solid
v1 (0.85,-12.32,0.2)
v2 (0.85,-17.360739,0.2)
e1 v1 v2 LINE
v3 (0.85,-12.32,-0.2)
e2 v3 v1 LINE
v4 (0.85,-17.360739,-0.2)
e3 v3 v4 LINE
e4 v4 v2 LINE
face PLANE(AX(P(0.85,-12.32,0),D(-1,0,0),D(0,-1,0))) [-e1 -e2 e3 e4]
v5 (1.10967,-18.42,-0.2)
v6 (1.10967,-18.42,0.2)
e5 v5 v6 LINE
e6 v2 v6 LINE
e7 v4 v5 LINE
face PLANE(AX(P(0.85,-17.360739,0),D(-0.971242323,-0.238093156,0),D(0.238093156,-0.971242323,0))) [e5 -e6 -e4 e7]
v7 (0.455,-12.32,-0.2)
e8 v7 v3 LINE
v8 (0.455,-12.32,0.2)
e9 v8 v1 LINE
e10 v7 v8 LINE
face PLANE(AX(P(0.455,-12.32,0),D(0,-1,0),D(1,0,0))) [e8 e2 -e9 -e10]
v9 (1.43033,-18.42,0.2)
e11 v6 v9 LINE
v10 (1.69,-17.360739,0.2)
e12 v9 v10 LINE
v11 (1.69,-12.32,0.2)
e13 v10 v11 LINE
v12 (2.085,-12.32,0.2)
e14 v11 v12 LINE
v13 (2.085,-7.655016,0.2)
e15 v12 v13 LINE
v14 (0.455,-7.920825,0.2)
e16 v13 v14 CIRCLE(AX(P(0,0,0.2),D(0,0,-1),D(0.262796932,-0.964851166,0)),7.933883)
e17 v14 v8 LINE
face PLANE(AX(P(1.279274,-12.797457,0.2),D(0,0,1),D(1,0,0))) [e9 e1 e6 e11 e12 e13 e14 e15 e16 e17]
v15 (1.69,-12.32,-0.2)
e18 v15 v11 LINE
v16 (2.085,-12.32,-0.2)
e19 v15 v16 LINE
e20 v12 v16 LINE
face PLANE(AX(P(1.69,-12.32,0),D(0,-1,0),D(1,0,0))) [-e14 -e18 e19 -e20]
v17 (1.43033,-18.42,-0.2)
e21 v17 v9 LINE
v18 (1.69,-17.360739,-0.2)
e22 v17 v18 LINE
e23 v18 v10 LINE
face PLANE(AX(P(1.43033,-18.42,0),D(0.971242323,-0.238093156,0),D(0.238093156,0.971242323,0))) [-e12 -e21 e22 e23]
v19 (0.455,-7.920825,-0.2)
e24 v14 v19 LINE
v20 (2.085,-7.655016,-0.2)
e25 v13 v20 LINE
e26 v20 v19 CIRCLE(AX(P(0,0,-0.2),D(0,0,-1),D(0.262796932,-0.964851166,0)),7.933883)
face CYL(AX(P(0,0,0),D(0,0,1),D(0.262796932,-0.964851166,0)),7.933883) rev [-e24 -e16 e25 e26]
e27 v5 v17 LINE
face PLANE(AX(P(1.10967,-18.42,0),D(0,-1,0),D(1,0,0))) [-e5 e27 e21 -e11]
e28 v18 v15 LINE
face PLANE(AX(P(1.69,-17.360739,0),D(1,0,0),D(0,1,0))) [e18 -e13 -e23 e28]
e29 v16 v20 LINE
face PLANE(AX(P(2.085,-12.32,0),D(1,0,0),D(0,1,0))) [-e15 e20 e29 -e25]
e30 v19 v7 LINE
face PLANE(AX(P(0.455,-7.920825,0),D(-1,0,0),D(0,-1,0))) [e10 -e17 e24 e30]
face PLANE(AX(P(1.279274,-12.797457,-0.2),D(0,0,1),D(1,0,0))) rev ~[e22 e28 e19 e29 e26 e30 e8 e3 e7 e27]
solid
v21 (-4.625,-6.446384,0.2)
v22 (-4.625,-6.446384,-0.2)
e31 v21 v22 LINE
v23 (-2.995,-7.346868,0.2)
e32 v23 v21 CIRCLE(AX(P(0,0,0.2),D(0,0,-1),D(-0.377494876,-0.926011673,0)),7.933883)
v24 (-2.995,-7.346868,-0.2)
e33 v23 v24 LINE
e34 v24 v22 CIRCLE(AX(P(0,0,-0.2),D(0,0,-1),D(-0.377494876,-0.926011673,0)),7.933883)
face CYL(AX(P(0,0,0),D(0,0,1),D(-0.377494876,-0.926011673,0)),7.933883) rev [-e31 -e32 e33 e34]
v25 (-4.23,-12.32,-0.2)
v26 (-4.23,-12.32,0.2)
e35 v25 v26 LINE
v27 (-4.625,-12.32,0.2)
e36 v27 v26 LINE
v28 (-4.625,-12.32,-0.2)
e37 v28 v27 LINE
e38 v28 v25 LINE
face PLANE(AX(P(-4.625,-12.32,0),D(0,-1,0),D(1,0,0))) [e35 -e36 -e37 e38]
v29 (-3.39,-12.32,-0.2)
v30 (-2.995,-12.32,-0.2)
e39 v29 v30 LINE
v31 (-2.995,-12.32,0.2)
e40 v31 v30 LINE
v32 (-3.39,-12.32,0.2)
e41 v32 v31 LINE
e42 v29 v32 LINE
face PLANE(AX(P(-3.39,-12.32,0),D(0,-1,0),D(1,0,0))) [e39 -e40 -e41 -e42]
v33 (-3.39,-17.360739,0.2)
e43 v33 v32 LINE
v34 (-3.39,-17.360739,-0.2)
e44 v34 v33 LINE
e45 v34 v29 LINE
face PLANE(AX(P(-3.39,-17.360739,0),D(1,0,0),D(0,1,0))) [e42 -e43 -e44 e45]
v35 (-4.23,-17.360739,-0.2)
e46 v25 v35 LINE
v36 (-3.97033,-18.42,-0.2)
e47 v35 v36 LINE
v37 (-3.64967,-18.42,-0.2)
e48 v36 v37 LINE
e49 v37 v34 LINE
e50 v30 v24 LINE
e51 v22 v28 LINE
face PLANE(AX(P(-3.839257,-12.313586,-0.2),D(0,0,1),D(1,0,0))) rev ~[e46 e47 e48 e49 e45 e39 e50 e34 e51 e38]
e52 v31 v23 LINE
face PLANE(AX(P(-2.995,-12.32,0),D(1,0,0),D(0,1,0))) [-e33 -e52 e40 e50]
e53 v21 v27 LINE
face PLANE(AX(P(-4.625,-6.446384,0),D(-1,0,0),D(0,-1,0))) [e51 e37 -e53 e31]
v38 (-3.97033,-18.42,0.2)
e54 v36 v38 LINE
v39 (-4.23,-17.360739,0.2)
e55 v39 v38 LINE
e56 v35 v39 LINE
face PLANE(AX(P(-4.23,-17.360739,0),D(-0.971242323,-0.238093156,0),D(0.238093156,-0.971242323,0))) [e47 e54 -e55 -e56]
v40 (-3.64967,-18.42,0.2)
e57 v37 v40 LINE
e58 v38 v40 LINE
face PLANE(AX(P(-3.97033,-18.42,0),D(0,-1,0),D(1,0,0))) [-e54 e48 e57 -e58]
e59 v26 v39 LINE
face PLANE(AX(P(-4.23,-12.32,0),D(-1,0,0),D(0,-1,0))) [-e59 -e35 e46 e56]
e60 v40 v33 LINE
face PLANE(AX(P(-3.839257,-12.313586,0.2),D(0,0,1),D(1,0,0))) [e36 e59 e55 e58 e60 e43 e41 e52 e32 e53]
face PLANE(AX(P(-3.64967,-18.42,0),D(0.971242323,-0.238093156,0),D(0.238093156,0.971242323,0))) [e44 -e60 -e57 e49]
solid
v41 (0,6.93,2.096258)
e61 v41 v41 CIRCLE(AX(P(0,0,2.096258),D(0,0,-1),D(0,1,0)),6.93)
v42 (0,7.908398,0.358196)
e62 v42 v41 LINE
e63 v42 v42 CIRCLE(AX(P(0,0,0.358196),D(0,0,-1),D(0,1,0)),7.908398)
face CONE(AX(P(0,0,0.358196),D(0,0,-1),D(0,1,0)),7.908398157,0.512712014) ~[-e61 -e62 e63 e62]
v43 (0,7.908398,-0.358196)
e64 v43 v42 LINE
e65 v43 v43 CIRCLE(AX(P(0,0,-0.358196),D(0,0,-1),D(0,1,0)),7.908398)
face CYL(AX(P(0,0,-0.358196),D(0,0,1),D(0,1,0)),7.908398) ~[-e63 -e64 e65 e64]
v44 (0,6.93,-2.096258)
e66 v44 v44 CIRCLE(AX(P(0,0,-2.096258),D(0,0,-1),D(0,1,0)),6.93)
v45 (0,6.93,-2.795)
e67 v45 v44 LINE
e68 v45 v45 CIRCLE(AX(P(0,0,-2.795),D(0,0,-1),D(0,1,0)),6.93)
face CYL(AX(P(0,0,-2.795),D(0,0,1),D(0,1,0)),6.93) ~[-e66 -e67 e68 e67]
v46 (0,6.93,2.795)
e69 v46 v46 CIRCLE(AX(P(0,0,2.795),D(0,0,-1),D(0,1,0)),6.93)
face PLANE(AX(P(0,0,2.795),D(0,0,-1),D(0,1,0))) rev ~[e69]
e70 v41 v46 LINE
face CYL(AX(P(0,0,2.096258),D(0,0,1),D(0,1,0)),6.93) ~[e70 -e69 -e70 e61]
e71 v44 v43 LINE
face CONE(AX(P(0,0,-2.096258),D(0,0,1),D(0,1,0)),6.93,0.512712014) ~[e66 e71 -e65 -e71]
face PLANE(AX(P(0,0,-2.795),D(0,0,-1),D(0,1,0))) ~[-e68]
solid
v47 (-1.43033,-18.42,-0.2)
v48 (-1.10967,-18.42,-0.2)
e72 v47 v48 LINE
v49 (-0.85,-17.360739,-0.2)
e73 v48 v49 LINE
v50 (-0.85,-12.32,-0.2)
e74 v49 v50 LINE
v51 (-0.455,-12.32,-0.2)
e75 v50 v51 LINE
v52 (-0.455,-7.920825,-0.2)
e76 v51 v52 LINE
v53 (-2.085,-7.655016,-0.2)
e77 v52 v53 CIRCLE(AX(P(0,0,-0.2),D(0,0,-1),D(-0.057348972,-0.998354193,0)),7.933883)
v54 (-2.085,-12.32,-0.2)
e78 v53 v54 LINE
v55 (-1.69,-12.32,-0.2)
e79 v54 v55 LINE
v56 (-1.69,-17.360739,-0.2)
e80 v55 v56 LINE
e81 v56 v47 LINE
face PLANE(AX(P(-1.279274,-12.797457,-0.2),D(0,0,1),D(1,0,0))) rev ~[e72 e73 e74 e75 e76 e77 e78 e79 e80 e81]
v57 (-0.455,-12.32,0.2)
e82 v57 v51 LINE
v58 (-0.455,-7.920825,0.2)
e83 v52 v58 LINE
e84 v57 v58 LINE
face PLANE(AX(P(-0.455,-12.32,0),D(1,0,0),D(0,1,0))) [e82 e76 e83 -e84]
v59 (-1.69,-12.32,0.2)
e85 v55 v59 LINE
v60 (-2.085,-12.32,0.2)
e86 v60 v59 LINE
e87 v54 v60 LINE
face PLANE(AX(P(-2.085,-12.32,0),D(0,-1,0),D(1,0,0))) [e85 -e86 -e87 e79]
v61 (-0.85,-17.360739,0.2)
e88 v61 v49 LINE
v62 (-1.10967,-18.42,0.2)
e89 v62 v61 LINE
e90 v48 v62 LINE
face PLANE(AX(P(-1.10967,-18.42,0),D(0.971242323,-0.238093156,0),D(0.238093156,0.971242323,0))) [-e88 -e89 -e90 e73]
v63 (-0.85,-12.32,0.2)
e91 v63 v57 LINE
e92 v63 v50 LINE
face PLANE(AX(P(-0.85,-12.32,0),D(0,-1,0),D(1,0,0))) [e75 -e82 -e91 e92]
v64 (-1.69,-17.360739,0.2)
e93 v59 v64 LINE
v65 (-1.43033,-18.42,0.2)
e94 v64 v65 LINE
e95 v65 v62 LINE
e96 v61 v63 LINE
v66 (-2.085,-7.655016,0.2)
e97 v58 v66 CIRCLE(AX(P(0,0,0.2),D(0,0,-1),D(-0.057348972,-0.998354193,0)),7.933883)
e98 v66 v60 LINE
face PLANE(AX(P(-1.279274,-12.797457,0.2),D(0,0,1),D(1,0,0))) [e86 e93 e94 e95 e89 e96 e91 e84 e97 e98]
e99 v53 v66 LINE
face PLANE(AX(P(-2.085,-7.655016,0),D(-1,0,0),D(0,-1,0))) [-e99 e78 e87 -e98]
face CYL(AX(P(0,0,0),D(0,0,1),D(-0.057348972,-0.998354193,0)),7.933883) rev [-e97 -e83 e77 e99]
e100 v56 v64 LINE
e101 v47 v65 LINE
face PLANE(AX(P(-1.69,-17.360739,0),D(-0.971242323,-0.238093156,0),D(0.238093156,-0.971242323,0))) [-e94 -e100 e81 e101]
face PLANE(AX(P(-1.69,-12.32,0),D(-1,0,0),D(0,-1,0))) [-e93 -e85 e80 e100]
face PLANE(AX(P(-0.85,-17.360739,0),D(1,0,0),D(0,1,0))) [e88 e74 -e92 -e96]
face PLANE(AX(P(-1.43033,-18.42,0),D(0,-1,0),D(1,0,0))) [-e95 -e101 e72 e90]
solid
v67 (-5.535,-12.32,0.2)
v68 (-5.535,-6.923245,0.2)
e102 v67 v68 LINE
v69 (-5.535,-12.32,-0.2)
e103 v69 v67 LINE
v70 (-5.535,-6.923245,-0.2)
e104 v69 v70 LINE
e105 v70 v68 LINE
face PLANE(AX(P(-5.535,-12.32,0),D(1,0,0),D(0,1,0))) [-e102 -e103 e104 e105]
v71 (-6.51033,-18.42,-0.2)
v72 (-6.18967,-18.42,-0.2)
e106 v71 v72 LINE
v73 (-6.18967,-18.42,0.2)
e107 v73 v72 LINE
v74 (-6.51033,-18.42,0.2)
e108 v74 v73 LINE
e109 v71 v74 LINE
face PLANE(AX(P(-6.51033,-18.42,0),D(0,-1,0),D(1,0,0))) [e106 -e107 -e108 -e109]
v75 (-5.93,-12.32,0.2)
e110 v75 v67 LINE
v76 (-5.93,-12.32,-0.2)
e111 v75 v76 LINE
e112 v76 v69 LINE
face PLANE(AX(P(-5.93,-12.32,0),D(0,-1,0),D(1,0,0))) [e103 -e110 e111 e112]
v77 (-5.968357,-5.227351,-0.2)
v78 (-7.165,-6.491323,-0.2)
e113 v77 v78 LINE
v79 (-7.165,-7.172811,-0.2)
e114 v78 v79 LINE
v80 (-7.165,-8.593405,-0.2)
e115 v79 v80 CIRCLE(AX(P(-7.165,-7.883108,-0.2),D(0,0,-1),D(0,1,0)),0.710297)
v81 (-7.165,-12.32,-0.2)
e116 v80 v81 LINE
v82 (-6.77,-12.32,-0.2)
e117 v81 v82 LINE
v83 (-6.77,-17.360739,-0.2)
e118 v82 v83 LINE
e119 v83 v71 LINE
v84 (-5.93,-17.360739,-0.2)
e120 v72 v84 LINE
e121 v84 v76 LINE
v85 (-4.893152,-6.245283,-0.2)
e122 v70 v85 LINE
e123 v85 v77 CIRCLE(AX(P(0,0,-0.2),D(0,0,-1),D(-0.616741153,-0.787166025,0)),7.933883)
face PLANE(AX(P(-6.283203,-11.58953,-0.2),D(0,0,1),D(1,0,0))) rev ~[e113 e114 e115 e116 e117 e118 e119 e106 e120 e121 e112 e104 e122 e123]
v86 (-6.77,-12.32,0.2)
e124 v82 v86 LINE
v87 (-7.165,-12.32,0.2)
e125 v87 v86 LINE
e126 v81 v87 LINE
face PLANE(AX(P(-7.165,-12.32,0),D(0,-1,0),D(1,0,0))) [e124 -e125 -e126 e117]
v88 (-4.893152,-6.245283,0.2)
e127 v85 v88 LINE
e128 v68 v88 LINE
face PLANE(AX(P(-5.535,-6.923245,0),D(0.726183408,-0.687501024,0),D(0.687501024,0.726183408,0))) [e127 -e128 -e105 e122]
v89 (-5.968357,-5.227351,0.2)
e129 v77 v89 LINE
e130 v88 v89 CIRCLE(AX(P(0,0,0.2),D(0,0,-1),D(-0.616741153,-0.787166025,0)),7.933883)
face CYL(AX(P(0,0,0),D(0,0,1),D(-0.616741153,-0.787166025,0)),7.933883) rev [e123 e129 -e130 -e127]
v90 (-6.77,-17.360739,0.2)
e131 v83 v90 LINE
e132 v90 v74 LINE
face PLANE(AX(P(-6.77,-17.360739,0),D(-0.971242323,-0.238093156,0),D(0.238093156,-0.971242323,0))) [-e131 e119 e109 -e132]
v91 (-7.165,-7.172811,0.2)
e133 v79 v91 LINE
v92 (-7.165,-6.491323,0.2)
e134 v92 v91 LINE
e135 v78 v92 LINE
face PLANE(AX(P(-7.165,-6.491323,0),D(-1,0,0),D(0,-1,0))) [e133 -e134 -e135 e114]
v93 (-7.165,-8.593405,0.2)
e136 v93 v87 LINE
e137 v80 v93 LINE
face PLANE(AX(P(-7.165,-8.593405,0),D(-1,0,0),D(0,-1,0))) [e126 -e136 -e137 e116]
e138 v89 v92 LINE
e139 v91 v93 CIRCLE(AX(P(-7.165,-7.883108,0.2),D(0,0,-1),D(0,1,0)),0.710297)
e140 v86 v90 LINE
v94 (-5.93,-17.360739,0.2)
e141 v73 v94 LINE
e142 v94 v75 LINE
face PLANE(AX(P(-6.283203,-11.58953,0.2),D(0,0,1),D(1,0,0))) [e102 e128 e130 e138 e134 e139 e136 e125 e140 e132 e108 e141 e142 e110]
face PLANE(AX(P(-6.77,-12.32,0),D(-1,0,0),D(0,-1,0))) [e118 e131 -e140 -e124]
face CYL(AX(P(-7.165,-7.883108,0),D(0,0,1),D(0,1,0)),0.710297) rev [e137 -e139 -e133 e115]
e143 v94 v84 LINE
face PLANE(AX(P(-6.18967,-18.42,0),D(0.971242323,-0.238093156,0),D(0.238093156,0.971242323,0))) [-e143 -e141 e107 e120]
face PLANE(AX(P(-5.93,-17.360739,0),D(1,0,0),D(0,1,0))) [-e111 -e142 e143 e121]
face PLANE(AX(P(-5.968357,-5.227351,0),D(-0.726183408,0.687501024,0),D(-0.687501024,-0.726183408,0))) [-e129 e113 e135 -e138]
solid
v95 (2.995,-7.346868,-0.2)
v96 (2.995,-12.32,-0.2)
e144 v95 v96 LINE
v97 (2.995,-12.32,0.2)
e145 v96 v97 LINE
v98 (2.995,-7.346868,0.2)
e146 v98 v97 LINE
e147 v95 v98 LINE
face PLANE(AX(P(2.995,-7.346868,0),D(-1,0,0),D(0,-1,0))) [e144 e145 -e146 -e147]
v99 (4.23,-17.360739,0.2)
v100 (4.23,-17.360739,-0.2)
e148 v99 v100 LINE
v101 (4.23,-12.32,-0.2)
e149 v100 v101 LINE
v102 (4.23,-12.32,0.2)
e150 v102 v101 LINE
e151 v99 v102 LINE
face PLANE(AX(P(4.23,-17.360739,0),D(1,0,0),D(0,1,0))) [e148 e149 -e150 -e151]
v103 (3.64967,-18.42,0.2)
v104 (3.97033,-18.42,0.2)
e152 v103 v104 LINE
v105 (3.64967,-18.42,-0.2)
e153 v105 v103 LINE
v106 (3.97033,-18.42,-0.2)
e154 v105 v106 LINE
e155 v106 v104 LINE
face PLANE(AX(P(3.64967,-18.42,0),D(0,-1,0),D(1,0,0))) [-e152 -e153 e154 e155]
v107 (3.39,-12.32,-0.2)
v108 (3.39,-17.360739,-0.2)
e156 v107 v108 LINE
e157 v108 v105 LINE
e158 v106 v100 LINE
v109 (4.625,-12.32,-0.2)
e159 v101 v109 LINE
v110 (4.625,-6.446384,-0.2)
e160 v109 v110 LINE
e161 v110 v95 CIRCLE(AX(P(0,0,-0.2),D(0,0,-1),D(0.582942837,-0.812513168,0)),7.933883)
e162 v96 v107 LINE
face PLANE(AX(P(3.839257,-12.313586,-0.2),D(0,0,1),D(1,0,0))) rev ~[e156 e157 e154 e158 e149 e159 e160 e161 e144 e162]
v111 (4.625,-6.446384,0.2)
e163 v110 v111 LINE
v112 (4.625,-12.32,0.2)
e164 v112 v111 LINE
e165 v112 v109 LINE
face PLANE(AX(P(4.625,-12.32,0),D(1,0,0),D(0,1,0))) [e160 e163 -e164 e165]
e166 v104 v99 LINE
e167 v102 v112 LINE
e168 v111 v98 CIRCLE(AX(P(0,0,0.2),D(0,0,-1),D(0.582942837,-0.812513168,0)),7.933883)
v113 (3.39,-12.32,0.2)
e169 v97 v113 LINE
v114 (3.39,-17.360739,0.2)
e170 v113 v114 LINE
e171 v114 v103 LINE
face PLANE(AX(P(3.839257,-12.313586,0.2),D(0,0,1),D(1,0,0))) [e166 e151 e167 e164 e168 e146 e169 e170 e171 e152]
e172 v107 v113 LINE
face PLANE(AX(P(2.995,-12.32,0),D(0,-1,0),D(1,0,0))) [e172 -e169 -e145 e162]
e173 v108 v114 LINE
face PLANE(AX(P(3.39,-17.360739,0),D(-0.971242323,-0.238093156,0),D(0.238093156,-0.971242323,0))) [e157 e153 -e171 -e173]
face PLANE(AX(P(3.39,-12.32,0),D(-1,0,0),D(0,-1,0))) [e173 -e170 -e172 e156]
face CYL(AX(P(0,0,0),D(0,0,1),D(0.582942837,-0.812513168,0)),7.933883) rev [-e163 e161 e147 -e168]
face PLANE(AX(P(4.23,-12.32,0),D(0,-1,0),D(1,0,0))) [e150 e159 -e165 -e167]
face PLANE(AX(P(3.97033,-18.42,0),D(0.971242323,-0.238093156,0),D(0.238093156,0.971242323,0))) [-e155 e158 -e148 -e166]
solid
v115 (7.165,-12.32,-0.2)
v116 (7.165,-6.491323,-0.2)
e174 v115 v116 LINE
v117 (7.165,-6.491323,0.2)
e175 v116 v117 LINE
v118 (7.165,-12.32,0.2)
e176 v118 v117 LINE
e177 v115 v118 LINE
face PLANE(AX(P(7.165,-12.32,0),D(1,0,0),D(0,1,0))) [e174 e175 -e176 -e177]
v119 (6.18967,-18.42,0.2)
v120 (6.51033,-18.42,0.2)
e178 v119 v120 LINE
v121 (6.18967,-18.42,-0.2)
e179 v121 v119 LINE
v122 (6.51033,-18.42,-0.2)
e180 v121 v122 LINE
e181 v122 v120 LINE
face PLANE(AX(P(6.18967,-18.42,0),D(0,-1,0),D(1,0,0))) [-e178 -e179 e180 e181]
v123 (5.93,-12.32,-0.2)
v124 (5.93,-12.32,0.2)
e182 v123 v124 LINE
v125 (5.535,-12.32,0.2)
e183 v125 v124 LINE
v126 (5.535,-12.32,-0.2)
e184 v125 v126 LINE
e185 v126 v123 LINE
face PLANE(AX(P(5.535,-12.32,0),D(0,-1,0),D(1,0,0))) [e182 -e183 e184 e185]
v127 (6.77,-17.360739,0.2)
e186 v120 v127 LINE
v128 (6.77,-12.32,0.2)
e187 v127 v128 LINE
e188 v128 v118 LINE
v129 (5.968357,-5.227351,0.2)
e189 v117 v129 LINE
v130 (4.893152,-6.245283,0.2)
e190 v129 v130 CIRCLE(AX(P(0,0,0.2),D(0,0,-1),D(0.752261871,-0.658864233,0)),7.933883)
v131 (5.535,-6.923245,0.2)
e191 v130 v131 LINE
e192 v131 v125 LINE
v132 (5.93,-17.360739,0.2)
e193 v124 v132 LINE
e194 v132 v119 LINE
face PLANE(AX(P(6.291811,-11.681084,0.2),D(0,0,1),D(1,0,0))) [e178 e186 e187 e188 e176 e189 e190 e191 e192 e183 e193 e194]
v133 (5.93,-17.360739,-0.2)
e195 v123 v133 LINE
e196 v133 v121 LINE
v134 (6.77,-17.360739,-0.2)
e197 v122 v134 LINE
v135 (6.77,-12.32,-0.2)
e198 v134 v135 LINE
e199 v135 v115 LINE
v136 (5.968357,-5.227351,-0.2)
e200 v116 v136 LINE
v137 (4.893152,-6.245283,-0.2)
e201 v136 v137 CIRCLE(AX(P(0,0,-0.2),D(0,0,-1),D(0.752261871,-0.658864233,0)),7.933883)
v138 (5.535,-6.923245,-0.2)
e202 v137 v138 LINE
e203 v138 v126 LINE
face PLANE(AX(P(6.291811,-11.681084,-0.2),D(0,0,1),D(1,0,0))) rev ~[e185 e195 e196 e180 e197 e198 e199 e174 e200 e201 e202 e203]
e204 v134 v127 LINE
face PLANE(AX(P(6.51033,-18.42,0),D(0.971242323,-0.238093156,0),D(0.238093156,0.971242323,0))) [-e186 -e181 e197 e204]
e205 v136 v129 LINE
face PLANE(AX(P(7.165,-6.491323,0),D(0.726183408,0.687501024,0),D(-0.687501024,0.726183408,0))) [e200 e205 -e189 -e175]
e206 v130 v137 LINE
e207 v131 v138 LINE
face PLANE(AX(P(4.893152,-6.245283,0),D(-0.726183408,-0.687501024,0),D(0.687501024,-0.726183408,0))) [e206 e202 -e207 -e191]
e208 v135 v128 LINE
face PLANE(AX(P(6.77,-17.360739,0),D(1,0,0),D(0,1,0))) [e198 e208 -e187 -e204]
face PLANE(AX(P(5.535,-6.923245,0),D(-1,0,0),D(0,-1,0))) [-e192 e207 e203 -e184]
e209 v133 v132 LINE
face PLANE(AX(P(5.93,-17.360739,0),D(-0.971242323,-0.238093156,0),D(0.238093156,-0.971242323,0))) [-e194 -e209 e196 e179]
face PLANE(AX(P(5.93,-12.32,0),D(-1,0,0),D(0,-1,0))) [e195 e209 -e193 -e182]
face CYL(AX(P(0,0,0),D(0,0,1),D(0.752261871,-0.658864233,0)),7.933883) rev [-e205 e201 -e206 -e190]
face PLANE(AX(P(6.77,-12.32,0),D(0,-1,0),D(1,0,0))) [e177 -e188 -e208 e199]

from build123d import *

# Parameters (mm, degrees)
EXTRUDE6_DEPTH        = 0.2
EXTRUDE6_DEPTH_BACK   = 0.2
EXTRUDE6_2_DEPTH      = 0.2
EXTRUDE6_2_DEPTH_BACK = 0.2
EXTRUDE6_3_DEPTH      = 0.2
EXTRUDE6_3_DEPTH_BACK = 0.2
EXTRUDE6_4_DEPTH      = 0.2
EXTRUDE6_4_DEPTH_BACK = 0.2
EXTRUDE6_5_DEPTH      = 0.2
EXTRUDE6_5_DEPTH_BACK = 0.2
EXTRUDE6_6_DEPTH      = 0.2
EXTRUDE6_6_DEPTH_BACK = 0.2


with BuildPart() as part:
    # Sketch7 → Extrude6 (new body, two sides)
    with BuildSketch(Plane.XY) as extrude6_sk:
        with BuildLine():
            Line((-5.93, -12.32), (-5.535, -12.32))
            Line((-5.535, -12.32), (-5.535, -6.923244628))
            Line((-5.535, -6.923244628), (-4.893151867, -6.24528278))
            ThreePointArc((-4.893151867, -6.24528278), (-5.454552369, -5.761453866), (-5.968357327, -5.227351434))
            Line((-5.968357327, -5.227351434), (-7.165, -6.49132345))
            Line((-7.165, -6.49132345), (-7.165, -7.17281133))
            ThreePointArc((-7.165, -7.17281133), (-6.454703172, -7.883108158), (-7.165, -8.593404986))
            Line((-7.165, -8.593404986), (-7.165, -12.32))
            Line((-7.165, -12.32), (-6.77, -12.32))
            Line((-6.77, -12.32), (-6.77, -17.360738904))
            Line((-6.77, -17.360738904), (-6.510329667, -18.42))
            Line((-6.510329667, -18.42), (-6.189670333, -18.42))
            Line((-6.189670333, -18.42), (-5.93, -17.360738904))
            Line((-5.93, -17.360738904), (-5.93, -12.32))
        make_face()
    extrude(amount=EXTRUDE6_DEPTH)
    extrude(extrude6_sk.sketch, amount=-EXTRUDE6_DEPTH_BACK)


with BuildPart() as body_2:
    # Sketch7 → Extrude6 2 (new body, two sides)
    with BuildSketch(Plane.XY) as extrude6_2_sk:
        with BuildLine():
            Line((-4.625, -6.446384041), (-4.625, -12.32))
            Line((-4.625, -12.32), (-4.23, -12.32))
            Line((-4.23, -12.32), (-4.23, -17.360738904))
            Line((-4.23, -17.360738904), (-3.970329667, -18.42))
            Line((-3.970329667, -18.42), (-3.649670333, -18.42))
            Line((-3.649670333, -18.42), (-3.39, -17.360738904))
            Line((-3.39, -17.360738904), (-3.39, -12.32))
            Line((-3.39, -12.32), (-2.995, -12.32))
            Line((-2.995, -12.32), (-2.995, -7.34686785))
            ThreePointArc((-2.995, -7.34686785), (-3.836511146, -6.944614779), (-4.625, -6.446384041))
        make_face()
    extrude(amount=EXTRUDE6_2_DEPTH)
    extrude(extrude6_2_sk.sketch, amount=-EXTRUDE6_2_DEPTH_BACK)


with BuildPart() as body_3:
    # Sketch7 → Extrude6 3 (new body, two sides)
    with BuildSketch(Plane.XY) as extrude6_3_sk:
        with BuildLine():
            Line((-0.455, -12.32), (-0.455, -7.920824907))
            ThreePointArc((-0.455, -7.920824907), (-1.276935244, -7.830448811), (-2.085, -7.65501582))
            Line((-2.085, -7.65501582), (-2.085, -12.32))
            Line((-2.085, -12.32), (-1.69, -12.32))
            Line((-1.69, -12.32), (-1.69, -17.360738904))
            Line((-1.69, -17.360738904), (-1.430329667, -18.42))
            Line((-1.430329667, -18.42), (-1.109670333, -18.42))
            Line((-1.109670333, -18.42), (-0.85, -17.360738904))
            Line((-0.85, -17.360738904), (-0.85, -12.32))
            Line((-0.85, -12.32), (-0.455, -12.32))
        make_face()
    extrude(amount=EXTRUDE6_3_DEPTH)
    extrude(extrude6_3_sk.sketch, amount=-EXTRUDE6_3_DEPTH_BACK)


with BuildPart() as body_4:
    # Sketch7 → Extrude6 4 (new body, two sides)
    with BuildSketch(Plane.XY) as extrude6_4_sk:
        with BuildLine():
            Line((4.625, -12.32), (4.625, -6.446384041))
            ThreePointArc((4.625, -6.446384041), (3.836511146, -6.944614779), (2.995, -7.34686785))
            Line((2.995, -7.34686785), (2.995, -12.32))
            Line((2.995, -12.32), (3.39, -12.32))
            Line((3.39, -12.32), (3.39, -17.360738904))
            Line((3.39, -17.360738904), (3.649670333, -18.42))
            Line((3.649670333, -18.42), (3.970329667, -18.42))
            Line((3.970329667, -18.42), (4.23, -17.360738904))
            Line((4.23, -17.360738904), (4.23, -12.32))
            Line((4.23, -12.32), (4.625, -12.32))
        make_face()
    extrude(amount=EXTRUDE6_4_DEPTH)
    extrude(extrude6_4_sk.sketch, amount=-EXTRUDE6_4_DEPTH_BACK)


with BuildPart() as body_5:
    # Sketch7 → Extrude6 5 (new body, two sides)
    with BuildSketch(Plane.XY) as extrude6_5_sk:
        with BuildLine():
            Line((0.455, -7.920824907), (0.455, -12.32))
            Line((0.455, -12.32), (0.85, -12.32))
            Line((0.85, -12.32), (0.85, -17.360738904))
            Line((0.85, -17.360738904), (1.109670333, -18.42))
            Line((1.109670333, -18.42), (1.430329667, -18.42))
            Line((1.430329667, -18.42), (1.69, -17.360738904))
            Line((1.69, -17.360738904), (1.69, -12.32))
            Line((1.69, -12.32), (2.085, -12.32))
            Line((2.085, -12.32), (2.085, -7.65501582))
            ThreePointArc((2.085, -7.65501582), (1.276935244, -7.830448811), (0.455, -7.920824907))
        make_face()
    extrude(amount=EXTRUDE6_5_DEPTH)
    extrude(extrude6_5_sk.sketch, amount=-EXTRUDE6_5_DEPTH_BACK)


with BuildPart() as body_6:
    # Sketch7 → Extrude6 6 (new body, two sides)
    with BuildSketch(Plane.XY) as extrude6_6_sk:
        with BuildLine():
            Line((5.535, -12.32), (5.93, -12.32))
            Line((5.93, -12.32), (5.93, -17.360738904))
            Line((5.93, -17.360738904), (6.189670333, -18.42))
            Line((6.189670333, -18.42), (6.510329667, -18.42))
            Line((6.510329667, -18.42), (6.77, -17.360738904))
            Line((6.77, -17.360738904), (6.77, -12.32))
            Line((6.77, -12.32), (7.165, -12.32))
            Line((7.165, -12.32), (7.165, -6.49132345))
            Line((7.165, -6.49132345), (5.968357327, -5.227351434))
            ThreePointArc((5.968357327, -5.227351434), (5.454552369, -5.761453866), (4.893151867, -6.24528278))
            Line((4.893151867, -6.24528278), (5.535, -6.923244628))
            Line((5.535, -6.923244628), (5.535, -12.32))
        make_face()
    extrude(amount=EXTRUDE6_6_DEPTH)
    extrude(extrude6_6_sk.sketch, amount=-EXTRUDE6_6_DEPTH_BACK)


with BuildPart() as body_7:
    # Sketch8 → Revolve1 (revolve)
    with BuildSketch(Plane(origin=(0, 0, 0), x_dir=(0, 0, -1), z_dir=(1, 0, 0))):
        Polygon((2.795, 0), (2.795, 6.93), (2.096257799, 6.93), (0.358195537, 7.908398157), (-0.358195537, 7.908398157), (-2.096257799, 6.93), (-2.795, 6.93), (-2.795, 0), align=None)
    revolve(axis=Axis((0, 0, -2.795), (0, 0, -1)))


solid = Compound([part.part, body_2.part, body_3.part, body_4.part, body_5.part, body_6.part, body_7.part])
